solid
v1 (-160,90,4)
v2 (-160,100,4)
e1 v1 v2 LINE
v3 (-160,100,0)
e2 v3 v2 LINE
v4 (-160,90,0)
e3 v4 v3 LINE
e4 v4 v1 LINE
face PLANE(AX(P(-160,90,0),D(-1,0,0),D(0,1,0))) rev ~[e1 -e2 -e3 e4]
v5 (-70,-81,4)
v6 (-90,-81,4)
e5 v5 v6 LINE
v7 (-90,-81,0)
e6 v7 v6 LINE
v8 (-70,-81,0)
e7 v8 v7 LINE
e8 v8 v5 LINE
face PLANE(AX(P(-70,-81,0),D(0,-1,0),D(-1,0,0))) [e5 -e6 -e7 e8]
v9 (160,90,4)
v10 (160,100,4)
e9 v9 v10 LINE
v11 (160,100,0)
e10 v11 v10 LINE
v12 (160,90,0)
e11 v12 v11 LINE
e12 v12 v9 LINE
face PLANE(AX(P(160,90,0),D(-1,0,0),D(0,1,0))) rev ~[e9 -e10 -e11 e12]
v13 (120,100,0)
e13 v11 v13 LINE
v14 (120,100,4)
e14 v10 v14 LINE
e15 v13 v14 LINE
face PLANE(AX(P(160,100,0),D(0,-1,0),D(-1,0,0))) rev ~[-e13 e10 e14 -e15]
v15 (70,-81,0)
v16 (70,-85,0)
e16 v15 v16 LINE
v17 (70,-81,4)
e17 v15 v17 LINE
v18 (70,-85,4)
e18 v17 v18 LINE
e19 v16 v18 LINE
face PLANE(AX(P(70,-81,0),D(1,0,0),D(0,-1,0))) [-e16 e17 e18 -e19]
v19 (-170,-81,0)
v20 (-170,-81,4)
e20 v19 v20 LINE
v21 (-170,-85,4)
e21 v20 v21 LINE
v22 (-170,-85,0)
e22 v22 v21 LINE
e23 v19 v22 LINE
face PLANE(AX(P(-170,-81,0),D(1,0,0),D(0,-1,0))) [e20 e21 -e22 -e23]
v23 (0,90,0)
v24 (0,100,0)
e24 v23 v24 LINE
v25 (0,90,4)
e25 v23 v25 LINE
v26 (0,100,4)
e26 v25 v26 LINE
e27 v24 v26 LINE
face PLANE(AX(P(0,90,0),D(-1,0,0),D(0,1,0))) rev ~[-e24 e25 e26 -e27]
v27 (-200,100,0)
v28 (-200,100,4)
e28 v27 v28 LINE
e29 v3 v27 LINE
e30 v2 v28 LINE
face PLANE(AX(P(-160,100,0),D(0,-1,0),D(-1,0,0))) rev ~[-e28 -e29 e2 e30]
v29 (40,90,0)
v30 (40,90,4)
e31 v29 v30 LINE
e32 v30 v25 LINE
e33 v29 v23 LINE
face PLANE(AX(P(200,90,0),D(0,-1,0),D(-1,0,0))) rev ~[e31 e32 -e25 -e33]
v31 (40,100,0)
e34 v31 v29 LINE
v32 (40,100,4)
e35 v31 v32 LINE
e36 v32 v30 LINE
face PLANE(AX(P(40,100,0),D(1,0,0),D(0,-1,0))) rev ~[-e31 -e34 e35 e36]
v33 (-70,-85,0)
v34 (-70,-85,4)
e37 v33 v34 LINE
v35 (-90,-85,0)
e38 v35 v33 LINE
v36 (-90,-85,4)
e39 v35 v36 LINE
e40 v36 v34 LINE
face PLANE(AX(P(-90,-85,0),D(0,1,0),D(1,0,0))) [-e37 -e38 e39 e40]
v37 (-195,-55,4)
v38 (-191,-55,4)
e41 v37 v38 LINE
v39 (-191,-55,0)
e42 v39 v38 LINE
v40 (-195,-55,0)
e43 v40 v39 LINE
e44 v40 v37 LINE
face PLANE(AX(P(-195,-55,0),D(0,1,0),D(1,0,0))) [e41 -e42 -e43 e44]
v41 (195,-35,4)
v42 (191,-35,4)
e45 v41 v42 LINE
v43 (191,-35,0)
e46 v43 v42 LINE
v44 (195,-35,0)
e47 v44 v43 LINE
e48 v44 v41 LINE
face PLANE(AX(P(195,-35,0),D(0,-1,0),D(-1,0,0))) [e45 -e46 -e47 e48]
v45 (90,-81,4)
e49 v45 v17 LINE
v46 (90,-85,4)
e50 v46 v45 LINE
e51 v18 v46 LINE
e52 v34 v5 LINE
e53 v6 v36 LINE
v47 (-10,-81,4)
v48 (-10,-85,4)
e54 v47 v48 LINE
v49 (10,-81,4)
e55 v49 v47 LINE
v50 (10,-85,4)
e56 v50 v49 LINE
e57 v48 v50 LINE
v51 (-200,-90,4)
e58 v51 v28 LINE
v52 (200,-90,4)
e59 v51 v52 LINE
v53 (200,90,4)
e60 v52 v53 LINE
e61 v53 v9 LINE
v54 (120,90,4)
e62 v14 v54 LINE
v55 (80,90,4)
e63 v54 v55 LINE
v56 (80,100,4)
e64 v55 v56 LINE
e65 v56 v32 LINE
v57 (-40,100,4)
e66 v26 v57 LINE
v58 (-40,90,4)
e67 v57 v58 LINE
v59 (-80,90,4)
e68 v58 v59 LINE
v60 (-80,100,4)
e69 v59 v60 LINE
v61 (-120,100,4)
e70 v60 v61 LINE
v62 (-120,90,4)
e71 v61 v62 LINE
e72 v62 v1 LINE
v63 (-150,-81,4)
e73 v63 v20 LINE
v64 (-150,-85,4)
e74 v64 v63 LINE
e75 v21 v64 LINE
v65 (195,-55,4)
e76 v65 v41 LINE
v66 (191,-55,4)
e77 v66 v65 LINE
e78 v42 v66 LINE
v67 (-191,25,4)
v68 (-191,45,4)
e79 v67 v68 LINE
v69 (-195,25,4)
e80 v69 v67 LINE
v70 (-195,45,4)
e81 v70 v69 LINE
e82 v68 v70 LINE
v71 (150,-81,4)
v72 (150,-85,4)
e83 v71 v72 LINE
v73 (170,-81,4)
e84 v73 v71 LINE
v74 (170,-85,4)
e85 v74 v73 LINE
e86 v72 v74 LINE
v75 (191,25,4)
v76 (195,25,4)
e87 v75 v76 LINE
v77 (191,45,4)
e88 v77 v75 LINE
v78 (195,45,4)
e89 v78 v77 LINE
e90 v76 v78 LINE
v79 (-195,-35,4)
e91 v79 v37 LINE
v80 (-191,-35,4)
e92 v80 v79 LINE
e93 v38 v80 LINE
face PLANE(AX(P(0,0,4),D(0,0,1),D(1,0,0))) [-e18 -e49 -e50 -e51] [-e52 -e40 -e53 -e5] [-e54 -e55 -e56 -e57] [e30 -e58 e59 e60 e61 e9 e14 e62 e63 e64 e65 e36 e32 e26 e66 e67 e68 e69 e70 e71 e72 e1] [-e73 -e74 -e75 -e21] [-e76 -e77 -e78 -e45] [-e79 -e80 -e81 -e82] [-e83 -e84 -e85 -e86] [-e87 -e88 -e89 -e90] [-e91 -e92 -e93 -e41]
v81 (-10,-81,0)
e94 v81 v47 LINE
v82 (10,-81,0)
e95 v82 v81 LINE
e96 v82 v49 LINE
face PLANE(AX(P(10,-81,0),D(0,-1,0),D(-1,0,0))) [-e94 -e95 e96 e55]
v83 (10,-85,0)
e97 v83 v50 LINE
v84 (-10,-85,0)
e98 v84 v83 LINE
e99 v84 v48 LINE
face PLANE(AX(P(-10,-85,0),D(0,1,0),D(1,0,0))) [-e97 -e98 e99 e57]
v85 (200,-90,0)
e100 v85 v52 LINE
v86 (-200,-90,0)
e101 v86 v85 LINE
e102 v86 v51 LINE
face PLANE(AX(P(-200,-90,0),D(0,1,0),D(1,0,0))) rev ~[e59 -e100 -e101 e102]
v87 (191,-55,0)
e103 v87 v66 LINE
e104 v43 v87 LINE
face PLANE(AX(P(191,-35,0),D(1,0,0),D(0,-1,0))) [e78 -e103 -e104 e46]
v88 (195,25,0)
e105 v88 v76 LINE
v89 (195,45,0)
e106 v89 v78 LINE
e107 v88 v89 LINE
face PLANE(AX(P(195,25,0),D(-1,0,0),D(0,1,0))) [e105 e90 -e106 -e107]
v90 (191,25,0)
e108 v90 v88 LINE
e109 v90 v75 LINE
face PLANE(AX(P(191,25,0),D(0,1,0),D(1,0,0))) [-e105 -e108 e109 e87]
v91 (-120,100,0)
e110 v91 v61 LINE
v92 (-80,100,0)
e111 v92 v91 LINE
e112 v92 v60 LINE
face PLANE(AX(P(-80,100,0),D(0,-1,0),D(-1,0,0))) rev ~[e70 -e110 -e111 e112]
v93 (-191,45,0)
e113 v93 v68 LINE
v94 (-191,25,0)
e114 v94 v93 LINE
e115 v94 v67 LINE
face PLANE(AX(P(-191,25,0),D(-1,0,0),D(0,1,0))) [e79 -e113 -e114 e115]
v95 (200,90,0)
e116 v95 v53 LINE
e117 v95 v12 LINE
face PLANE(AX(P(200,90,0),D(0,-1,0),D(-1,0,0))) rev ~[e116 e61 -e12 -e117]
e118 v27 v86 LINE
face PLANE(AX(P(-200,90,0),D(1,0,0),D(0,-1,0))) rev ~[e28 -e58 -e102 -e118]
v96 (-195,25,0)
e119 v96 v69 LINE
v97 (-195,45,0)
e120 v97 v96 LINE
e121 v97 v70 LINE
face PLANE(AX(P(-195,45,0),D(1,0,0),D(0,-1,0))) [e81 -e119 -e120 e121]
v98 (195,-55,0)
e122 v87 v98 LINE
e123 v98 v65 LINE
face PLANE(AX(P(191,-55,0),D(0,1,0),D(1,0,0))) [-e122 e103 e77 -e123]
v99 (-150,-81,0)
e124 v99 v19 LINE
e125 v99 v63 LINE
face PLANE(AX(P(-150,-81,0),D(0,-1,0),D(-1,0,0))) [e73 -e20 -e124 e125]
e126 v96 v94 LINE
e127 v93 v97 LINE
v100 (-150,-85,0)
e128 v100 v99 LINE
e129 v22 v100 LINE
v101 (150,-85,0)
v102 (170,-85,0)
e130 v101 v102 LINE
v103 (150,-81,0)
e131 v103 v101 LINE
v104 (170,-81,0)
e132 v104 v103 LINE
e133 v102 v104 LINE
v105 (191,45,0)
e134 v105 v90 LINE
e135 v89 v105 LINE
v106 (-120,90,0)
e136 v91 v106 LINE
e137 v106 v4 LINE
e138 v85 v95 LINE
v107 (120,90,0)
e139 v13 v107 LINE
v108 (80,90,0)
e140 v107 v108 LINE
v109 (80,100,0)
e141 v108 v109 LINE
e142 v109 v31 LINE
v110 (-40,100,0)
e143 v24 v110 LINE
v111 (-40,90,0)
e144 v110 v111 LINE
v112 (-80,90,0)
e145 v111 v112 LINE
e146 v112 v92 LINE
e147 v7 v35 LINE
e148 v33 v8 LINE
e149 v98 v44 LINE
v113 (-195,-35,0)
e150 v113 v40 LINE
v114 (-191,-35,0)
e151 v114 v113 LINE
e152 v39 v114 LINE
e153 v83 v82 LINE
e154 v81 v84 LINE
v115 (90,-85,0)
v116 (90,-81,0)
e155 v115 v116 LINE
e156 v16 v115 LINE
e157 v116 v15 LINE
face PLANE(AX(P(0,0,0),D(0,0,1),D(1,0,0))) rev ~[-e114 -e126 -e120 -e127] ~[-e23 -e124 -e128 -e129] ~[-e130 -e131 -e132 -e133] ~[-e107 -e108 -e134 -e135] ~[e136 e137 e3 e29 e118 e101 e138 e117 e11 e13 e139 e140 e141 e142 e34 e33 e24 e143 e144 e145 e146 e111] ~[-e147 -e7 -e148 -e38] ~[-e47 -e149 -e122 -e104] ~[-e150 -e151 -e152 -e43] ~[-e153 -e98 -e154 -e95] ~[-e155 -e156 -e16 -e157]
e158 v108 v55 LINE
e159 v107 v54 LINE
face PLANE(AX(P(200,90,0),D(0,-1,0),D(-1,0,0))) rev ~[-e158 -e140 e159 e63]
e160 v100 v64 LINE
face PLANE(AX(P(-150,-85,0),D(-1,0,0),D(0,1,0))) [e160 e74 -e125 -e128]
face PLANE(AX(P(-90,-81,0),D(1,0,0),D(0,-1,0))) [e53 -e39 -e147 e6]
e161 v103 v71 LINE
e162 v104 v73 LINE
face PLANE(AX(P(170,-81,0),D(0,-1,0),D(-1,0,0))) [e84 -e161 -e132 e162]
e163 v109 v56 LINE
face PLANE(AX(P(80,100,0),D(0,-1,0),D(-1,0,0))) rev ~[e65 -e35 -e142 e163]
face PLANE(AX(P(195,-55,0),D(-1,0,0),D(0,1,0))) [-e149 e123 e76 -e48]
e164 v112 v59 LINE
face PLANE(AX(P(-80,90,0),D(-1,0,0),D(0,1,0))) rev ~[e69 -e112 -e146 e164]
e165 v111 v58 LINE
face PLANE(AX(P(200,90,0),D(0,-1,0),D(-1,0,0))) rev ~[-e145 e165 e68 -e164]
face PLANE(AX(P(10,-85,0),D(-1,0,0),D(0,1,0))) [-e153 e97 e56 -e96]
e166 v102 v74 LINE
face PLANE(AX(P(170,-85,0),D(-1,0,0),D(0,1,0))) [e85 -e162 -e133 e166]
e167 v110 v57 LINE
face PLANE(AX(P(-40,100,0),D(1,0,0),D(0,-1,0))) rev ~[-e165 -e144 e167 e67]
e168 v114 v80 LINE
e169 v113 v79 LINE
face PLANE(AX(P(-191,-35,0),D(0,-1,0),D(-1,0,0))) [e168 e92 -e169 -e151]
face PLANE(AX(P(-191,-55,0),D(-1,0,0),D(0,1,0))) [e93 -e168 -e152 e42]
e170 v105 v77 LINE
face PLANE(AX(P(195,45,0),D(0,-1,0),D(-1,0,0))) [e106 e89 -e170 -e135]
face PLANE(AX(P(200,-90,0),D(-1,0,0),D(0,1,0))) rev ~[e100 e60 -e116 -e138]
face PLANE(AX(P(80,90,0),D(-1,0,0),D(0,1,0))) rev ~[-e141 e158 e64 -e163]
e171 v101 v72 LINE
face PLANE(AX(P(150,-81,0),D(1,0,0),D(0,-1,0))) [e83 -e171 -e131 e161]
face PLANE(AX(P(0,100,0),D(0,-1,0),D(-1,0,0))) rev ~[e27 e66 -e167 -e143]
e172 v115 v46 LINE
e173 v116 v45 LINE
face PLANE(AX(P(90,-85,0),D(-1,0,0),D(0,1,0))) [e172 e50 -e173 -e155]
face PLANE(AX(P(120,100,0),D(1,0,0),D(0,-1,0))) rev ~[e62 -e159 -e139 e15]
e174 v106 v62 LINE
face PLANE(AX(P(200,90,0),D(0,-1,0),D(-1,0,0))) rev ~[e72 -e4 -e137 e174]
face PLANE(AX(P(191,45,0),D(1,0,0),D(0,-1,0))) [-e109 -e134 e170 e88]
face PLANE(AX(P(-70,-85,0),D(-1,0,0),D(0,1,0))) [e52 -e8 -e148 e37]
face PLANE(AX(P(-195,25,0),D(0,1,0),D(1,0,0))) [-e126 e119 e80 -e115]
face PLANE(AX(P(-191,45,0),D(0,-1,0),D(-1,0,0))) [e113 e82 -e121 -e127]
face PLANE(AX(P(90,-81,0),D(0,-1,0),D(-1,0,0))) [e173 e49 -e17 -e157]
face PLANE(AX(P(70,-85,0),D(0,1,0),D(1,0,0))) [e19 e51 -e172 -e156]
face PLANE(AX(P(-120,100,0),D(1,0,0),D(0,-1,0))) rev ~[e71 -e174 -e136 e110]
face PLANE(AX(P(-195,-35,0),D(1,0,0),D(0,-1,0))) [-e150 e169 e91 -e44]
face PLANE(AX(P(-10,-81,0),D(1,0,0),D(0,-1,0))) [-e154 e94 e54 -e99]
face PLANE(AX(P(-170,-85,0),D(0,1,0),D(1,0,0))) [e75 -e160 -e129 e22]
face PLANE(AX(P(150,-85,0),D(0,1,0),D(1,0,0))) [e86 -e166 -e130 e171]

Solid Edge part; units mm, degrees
sketch "Sketch1" plane through (0, 0, 0) normal (0, 0, 1) x (1, 0, 0)
  line L0 (-200, -90) -> (200, -90)
  line L1 (200, -90) -> (200, 90)
  line L2 (200, 90) -> (-200, 90)
  line L3 (-200, 90) -> (-200, -90)
  line L4 (-150, -81) -> (-170, -81)
  line L5 (-170, -81) -> (-170, -85)
  line L6 (-170, -85) -> (-150, -85)
  line L7 (-150, -85) -> (-150, -81)
  line L8 (-90, -85) -> (-70, -85)
  line L9 (-70, -85) -> (-70, -81)
  line L10 (-70, -81) -> (-90, -81)
  line L11 (-90, -81) -> (-90, -85)
  line L12 (-10, -85) -> (10, -85)
  line L13 (10, -85) -> (10, -81)
  line L14 (10, -81) -> (-10, -81)
  line L15 (-10, -81) -> (-10, -85)
  line L16 (70, -85) -> (90, -85)
  line L17 (90, -85) -> (90, -81)
  line L18 (90, -81) -> (70, -81)
  line L19 (70, -81) -> (70, -85)
  line L20 (150, -85) -> (170, -85)
  line L21 (170, -85) -> (170, -81)
  line L22 (170, -81) -> (150, -81)
  line L23 (150, -81) -> (150, -85)
  line L24 (160, 100) -> (120, 100)
  line L25 (120, 100) -> (120, 90)
  line L26 (120, 90) -> (160, 90)
  line L27 (160, 90) -> (160, 100)
  line L28 (80, 100) -> (40, 100)
  line L29 (40, 100) -> (40, 90)
  line L30 (40, 90) -> (80, 90)
  line L31 (80, 90) -> (80, 100)
  line L32 (0, 100) -> (-40, 100)
  line L33 (-40, 100) -> (-40, 90)
  line L34 (-40, 90) -> (0, 90)
  line L35 (0, 90) -> (0, 100)
  line L36 (-80, 100) -> (-120, 100)
  line L37 (-120, 100) -> (-120, 90)
  line L38 (-120, 90) -> (-80, 90)
  line L39 (-80, 90) -> (-80, 100)
  line L40 (-160, 100) -> (-200, 100)
  line L41 (-200, 100) -> (-200, 90)
  line L42 (-200, 90) -> (-160, 90)
  line L43 (-160, 90) -> (-160, 100)
  line L44 (-191, 25) -> (-191, 45)
  line L45 (-191, 45) -> (-195, 45)
  line L46 (-195, 45) -> (-195, 25)
  line L47 (-195, 25) -> (-191, 25)
  line L48 (-195, -35) -> (-195, -55)
  line L49 (-195, -55) -> (-191, -55)
  line L50 (-191, -55) -> (-191, -35)
  line L51 (-191, -35) -> (-195, -35)
  line L52 (191, -35) -> (191, -55)
  line L53 (191, -55) -> (195, -55)
  line L54 (195, -55) -> (195, -35)
  line L55 (195, -35) -> (191, -35)
  line L56 (195, 25) -> (195, 45)
  line L57 (195, 45) -> (191, 45)
  line L58 (191, 45) -> (191, 25)
  line L59 (191, 25) -> (195, 25)
  dimension "D1" = 20
  dimension "D2" = 20
  dimension "D3" = 20
  dimension "D4" = 4
  dimension "D5" = 4
  dimension "D6" = 20
  dimension "D7" = 20
  dimension "D8" = 4
  dimension "D9" = 4
  dimension "D10" = 4
  dimension "D11" = 30
  dimension "D12" = 60
  dimension "D13" = 60
  dimension "D14" = 30
  dimension "D15" = 60
  dimension "D16" = 60
  dimension "D17" = 5
  dimension "D18" = 5
  dimension "D19" = 5
  dimension "D20" = 5
  dimension "D21" = 5
  dimension "D22" = 40
  dimension "D23" = 10
  dimension "D24" = 40
  dimension "D25" = 40
  dimension "D26" = 10
  dimension "D27" = 40
  dimension "D28" = 40
  dimension "D29" = 10
  dimension "D30" = 40
  dimension "D31" = 40
  dimension "D32" = 10
  dimension "D33" = 40
  dimension "D34" = 40
  dimension "D35" = 10
  dimension "D36" = 40
  dimension "D37" = 180
  dimension "D38" = 20
  dimension "D39" = 20
  dimension "D40" = 20
  dimension "D41" = 20
  dimension "D42" = 4
  dimension "D43" = 4
  dimension "D44" = 4
  dimension "D45" = 4
  dimension "D46" = 5
  dimension "D47" = 5
  dimension "D48" = 26
  dimension "D49" = 60
  dimension "D50" = 5
  dimension "D51" = 5
  dimension "D52" = 35
  dimension "D53" = 60
  dimension "D54" = 45
extrude "Protrusion1" add sketch "Sketch1" along normal blind 4
